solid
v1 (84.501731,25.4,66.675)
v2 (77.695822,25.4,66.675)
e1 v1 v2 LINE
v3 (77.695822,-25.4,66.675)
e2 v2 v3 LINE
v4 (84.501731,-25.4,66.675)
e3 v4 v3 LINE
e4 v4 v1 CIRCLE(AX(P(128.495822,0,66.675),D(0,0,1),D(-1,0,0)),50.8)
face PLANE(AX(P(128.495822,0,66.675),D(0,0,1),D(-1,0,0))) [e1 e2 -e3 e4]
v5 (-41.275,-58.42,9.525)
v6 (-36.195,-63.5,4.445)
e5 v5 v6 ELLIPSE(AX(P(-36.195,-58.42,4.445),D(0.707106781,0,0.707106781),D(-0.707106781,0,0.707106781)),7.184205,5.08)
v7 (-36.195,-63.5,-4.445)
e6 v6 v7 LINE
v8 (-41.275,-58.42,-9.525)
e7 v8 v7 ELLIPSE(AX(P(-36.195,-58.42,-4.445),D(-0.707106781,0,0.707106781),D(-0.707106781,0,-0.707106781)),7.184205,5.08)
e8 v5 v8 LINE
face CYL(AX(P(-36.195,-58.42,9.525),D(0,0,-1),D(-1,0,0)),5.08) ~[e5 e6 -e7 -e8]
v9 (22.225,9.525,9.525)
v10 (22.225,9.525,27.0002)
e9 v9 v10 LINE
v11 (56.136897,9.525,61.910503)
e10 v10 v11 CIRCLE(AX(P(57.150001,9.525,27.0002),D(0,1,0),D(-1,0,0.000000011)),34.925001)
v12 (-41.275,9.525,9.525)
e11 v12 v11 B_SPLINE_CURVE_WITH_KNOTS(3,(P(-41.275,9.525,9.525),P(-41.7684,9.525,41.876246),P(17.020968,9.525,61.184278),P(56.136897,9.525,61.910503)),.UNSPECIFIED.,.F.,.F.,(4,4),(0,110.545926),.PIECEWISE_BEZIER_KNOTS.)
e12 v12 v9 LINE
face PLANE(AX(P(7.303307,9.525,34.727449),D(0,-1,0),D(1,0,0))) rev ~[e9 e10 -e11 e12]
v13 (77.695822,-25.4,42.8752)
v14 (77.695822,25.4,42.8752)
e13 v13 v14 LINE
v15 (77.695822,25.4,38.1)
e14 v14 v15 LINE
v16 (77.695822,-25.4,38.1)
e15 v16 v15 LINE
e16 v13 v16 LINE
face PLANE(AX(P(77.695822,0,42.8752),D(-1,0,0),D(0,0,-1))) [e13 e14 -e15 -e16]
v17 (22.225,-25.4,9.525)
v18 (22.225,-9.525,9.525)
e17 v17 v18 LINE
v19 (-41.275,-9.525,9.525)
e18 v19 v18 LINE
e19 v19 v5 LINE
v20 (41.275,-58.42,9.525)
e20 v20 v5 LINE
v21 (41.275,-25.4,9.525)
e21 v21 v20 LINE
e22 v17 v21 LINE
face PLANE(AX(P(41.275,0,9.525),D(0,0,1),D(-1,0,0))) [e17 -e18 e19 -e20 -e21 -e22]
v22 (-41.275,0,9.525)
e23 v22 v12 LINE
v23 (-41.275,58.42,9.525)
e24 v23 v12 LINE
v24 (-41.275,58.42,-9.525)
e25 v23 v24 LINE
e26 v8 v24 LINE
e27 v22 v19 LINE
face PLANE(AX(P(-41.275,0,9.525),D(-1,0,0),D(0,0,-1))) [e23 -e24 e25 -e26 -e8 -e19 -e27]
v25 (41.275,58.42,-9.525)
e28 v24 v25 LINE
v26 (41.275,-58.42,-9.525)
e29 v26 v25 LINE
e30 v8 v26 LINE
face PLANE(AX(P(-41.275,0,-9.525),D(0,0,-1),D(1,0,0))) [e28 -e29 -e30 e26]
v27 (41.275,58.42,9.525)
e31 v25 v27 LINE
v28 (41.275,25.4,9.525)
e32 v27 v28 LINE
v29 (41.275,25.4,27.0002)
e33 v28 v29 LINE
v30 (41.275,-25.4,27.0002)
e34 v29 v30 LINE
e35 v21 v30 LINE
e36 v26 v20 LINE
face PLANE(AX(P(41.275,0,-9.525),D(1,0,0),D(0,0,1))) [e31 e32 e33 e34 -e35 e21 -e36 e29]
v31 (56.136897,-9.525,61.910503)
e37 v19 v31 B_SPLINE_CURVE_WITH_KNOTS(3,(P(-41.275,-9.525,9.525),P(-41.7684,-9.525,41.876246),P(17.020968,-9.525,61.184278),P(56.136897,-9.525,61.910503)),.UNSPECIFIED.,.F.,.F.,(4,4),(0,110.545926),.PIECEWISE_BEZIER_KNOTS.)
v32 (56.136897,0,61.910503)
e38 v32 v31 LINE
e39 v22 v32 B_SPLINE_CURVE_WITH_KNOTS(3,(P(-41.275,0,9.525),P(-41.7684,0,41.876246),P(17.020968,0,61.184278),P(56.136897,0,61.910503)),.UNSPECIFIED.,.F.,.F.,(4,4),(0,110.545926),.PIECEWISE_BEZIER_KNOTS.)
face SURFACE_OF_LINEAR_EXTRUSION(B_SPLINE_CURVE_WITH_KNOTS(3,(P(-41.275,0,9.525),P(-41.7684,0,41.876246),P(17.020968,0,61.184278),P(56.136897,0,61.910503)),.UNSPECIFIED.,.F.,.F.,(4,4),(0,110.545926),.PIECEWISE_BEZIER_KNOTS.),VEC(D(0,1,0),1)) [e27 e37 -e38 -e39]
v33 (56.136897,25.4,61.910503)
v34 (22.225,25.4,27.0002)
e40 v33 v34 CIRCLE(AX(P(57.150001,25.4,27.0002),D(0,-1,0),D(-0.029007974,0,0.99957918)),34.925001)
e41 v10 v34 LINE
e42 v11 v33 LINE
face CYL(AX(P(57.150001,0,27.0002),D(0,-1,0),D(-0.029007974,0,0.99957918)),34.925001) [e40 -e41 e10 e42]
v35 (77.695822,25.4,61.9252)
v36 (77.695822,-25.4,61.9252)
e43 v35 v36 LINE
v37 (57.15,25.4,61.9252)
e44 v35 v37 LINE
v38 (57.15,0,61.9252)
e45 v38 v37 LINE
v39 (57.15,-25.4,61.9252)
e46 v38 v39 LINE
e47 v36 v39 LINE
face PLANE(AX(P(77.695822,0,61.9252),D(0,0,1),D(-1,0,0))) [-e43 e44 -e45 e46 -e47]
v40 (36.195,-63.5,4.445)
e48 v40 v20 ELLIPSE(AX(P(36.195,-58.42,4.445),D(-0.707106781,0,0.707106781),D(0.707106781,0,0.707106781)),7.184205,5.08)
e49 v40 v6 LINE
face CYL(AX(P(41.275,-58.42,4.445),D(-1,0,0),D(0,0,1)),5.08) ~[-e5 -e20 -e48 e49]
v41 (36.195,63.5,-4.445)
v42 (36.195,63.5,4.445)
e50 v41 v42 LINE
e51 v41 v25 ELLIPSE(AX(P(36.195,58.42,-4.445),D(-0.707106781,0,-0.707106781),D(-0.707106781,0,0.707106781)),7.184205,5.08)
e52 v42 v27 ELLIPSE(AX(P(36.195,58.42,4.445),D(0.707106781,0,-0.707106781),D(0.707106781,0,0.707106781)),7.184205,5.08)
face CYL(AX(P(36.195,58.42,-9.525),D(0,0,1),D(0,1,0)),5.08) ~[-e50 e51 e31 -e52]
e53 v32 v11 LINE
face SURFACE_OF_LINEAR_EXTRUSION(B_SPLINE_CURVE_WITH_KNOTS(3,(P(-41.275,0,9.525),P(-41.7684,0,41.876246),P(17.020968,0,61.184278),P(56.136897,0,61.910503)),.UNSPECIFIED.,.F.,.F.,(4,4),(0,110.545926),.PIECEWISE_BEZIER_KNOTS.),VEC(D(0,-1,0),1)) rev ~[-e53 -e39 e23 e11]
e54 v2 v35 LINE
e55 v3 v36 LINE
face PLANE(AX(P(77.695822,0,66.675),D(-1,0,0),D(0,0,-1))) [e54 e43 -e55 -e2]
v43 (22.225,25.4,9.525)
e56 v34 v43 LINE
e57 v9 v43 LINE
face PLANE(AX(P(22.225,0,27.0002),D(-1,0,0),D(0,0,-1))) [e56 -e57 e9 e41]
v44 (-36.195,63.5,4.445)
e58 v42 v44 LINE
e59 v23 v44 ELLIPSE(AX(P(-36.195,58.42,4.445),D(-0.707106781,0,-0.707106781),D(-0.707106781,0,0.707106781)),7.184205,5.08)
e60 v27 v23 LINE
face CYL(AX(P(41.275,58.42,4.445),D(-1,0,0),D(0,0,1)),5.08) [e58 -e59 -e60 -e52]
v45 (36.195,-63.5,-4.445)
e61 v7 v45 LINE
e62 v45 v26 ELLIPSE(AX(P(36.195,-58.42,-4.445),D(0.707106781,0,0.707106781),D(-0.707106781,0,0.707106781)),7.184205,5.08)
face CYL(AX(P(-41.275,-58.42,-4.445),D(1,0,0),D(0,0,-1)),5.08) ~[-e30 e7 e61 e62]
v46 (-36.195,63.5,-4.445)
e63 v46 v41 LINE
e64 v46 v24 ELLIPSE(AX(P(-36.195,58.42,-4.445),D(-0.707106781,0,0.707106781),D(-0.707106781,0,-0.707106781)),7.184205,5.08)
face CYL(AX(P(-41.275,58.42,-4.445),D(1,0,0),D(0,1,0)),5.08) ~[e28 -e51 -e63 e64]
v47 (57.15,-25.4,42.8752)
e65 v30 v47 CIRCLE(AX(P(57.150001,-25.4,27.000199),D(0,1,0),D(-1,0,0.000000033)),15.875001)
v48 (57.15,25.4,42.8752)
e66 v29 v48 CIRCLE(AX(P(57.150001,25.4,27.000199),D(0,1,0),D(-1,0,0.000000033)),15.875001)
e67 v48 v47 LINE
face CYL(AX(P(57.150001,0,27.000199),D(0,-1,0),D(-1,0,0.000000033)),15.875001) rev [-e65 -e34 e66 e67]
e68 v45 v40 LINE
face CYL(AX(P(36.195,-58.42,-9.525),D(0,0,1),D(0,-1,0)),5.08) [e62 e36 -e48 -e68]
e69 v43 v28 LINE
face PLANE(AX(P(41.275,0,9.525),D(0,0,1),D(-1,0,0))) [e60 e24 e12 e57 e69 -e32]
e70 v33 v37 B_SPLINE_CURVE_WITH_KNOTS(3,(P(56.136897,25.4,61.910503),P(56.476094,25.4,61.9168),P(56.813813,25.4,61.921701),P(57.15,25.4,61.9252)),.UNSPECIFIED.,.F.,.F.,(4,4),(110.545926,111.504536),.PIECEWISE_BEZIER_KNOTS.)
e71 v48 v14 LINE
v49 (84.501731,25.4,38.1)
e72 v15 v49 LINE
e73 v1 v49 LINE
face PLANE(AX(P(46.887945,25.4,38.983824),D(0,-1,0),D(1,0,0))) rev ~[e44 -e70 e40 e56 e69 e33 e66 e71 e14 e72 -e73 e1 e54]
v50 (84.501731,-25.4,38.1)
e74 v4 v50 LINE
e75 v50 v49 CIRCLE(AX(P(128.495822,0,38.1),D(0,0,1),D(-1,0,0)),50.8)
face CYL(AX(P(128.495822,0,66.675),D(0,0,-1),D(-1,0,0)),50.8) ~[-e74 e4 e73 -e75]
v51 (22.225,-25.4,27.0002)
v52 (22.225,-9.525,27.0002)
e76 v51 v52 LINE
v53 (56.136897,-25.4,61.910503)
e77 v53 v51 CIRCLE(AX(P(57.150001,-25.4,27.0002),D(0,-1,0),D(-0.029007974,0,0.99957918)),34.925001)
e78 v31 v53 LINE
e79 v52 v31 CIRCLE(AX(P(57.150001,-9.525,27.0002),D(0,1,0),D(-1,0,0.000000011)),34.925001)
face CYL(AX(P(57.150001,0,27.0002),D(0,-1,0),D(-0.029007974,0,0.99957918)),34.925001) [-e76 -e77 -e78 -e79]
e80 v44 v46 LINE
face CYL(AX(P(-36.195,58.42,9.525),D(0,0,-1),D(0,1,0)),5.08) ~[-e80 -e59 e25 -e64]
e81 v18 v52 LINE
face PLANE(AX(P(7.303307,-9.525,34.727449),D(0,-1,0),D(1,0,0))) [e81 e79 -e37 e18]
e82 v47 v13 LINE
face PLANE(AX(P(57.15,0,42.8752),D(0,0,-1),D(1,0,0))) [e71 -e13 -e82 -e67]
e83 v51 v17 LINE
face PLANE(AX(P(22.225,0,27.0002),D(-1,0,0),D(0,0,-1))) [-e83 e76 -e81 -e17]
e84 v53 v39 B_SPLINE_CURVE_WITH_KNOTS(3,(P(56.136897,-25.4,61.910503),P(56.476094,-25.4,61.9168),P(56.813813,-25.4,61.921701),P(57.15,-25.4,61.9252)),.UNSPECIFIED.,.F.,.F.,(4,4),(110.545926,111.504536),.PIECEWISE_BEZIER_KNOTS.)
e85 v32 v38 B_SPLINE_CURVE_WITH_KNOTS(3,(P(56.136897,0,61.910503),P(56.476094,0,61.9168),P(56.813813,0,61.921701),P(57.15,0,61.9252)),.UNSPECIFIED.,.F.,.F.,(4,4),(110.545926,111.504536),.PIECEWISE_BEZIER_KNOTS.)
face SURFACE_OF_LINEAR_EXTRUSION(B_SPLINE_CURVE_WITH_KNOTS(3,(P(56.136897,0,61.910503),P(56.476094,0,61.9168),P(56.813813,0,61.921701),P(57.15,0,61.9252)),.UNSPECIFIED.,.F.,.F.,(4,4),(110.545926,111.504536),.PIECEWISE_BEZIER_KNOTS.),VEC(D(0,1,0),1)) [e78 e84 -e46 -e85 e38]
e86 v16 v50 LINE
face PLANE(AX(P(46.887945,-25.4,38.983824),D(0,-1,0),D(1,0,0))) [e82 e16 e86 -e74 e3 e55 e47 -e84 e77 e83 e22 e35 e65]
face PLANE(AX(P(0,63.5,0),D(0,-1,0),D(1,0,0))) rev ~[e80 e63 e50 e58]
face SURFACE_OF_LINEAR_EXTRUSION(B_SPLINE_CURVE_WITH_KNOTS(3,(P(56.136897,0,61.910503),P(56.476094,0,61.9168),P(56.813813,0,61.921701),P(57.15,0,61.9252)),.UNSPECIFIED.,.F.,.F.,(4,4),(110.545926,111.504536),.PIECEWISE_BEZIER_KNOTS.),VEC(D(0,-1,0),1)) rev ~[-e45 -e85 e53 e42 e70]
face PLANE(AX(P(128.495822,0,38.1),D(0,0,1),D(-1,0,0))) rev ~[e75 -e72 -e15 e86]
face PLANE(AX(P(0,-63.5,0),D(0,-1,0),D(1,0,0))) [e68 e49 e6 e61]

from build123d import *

# Parameters (mm, degrees)
F1_DEPTH = 63.5
F2_DEPTH = 25.4
F3_DEPTH = 9.525
F5_R     = 5.08


with BuildPart() as f1:
    # F0 (on Front) → F1 (new body, symmetric)
    with BuildSketch(Plane.XZ):
        Polygon((41.275, -9.525), (41.275, 9.525), (22.225, 9.525), (-41.275, 9.525), (-41.275, -9.525), align=None)
    extrude(amount=F1_DEPTH, both=True)

    # F0 (on Front) → F2 (join, symmetric)
    with BuildSketch(Plane.XZ):
        with BuildLine():
            Line((22.225, 9.525), (41.275, 9.525))
            Line((41.275, 9.525), (41.275, 27.0002))
            ThreePointArc((41.275, 27.0002), (45.92468, 38.22552), (57.15, 42.8752))
            Line((57.15, 42.8752), (77.695822, 42.8752))
            Line((77.695822, 42.8752), (77.695822, 61.9252))
            Line((77.695822, 61.9252), (57.15, 61.9252))
            add(Edge.make_bspline(
                [(56.136897, 61.910503), (56.476094, 61.9168), (56.813813, 61.921701), (57.15, 61.9252)],
                knots=[110.545926, 110.545926, 110.545926, 110.545926, 111.504536, 111.504536, 111.504536, 111.504536], degree=3))
            ThreePointArc((56.136897, 61.910503), (32.09867, 51.335082), (22.225, 27.0002))
            Line((22.225, 27.0002), (22.225, 9.525))
        make_face()
        Polygon((77.695822, 61.9252), (77.695822, 42.8752), (77.695822, 38.1), (128.495822, 38.1), (128.495822, 66.675), (77.695822, 66.675), align=None)
    extrude(amount=F2_DEPTH, both=True)

    # F0 (on Front) → F3 (join, symmetric)
    with BuildSketch(Plane.XZ):
        with BuildLine():
            Line((-41.275, 9.525), (22.225, 9.525))
            Line((22.225, 9.525), (22.225, 27.0002))
            ThreePointArc((22.225, 27.0002), (32.09867, 51.335082), (56.136897, 61.910503))
            add(Edge.make_bspline(
                [(-41.275, 9.525), (-41.7684, 41.876246), (17.020968, 61.184278), (56.136897, 61.910503)],
                knots=[0, 0, 0, 0, 110.545926, 110.545926, 110.545926, 110.545926], degree=3))
        make_face()
    extrude(amount=F3_DEPTH, both=True)

    # F0 (on Front) → F4 (revolve)
    with BuildSketch(Plane.XZ):
        Polygon((77.695822, 61.9252), (77.695822, 42.8752), (77.695822, 38.1), (128.495822, 38.1), (128.495822, 66.675), (77.695822, 66.675), align=None)
    revolve(axis=Axis((128.495822, 0, 52.3875), (0, 0, 1)))

    # F5
    f5_edges = [f1.edges().sort_by_distance(p)[0] for p in [
        (41.275, 63.5, 0),
        (0, 63.5, 9.525),
        (-41.275, 63.5, 0),
        (0, 63.5, -9.525),
        (41.275, -63.5, 0),
        (0, -63.5, 9.525),
        (-41.275, -63.5, 0),
        (0, -63.5, -9.525),
    ]]
    fillet(f5_edges, radius=F5_R)


solid = f1.part
